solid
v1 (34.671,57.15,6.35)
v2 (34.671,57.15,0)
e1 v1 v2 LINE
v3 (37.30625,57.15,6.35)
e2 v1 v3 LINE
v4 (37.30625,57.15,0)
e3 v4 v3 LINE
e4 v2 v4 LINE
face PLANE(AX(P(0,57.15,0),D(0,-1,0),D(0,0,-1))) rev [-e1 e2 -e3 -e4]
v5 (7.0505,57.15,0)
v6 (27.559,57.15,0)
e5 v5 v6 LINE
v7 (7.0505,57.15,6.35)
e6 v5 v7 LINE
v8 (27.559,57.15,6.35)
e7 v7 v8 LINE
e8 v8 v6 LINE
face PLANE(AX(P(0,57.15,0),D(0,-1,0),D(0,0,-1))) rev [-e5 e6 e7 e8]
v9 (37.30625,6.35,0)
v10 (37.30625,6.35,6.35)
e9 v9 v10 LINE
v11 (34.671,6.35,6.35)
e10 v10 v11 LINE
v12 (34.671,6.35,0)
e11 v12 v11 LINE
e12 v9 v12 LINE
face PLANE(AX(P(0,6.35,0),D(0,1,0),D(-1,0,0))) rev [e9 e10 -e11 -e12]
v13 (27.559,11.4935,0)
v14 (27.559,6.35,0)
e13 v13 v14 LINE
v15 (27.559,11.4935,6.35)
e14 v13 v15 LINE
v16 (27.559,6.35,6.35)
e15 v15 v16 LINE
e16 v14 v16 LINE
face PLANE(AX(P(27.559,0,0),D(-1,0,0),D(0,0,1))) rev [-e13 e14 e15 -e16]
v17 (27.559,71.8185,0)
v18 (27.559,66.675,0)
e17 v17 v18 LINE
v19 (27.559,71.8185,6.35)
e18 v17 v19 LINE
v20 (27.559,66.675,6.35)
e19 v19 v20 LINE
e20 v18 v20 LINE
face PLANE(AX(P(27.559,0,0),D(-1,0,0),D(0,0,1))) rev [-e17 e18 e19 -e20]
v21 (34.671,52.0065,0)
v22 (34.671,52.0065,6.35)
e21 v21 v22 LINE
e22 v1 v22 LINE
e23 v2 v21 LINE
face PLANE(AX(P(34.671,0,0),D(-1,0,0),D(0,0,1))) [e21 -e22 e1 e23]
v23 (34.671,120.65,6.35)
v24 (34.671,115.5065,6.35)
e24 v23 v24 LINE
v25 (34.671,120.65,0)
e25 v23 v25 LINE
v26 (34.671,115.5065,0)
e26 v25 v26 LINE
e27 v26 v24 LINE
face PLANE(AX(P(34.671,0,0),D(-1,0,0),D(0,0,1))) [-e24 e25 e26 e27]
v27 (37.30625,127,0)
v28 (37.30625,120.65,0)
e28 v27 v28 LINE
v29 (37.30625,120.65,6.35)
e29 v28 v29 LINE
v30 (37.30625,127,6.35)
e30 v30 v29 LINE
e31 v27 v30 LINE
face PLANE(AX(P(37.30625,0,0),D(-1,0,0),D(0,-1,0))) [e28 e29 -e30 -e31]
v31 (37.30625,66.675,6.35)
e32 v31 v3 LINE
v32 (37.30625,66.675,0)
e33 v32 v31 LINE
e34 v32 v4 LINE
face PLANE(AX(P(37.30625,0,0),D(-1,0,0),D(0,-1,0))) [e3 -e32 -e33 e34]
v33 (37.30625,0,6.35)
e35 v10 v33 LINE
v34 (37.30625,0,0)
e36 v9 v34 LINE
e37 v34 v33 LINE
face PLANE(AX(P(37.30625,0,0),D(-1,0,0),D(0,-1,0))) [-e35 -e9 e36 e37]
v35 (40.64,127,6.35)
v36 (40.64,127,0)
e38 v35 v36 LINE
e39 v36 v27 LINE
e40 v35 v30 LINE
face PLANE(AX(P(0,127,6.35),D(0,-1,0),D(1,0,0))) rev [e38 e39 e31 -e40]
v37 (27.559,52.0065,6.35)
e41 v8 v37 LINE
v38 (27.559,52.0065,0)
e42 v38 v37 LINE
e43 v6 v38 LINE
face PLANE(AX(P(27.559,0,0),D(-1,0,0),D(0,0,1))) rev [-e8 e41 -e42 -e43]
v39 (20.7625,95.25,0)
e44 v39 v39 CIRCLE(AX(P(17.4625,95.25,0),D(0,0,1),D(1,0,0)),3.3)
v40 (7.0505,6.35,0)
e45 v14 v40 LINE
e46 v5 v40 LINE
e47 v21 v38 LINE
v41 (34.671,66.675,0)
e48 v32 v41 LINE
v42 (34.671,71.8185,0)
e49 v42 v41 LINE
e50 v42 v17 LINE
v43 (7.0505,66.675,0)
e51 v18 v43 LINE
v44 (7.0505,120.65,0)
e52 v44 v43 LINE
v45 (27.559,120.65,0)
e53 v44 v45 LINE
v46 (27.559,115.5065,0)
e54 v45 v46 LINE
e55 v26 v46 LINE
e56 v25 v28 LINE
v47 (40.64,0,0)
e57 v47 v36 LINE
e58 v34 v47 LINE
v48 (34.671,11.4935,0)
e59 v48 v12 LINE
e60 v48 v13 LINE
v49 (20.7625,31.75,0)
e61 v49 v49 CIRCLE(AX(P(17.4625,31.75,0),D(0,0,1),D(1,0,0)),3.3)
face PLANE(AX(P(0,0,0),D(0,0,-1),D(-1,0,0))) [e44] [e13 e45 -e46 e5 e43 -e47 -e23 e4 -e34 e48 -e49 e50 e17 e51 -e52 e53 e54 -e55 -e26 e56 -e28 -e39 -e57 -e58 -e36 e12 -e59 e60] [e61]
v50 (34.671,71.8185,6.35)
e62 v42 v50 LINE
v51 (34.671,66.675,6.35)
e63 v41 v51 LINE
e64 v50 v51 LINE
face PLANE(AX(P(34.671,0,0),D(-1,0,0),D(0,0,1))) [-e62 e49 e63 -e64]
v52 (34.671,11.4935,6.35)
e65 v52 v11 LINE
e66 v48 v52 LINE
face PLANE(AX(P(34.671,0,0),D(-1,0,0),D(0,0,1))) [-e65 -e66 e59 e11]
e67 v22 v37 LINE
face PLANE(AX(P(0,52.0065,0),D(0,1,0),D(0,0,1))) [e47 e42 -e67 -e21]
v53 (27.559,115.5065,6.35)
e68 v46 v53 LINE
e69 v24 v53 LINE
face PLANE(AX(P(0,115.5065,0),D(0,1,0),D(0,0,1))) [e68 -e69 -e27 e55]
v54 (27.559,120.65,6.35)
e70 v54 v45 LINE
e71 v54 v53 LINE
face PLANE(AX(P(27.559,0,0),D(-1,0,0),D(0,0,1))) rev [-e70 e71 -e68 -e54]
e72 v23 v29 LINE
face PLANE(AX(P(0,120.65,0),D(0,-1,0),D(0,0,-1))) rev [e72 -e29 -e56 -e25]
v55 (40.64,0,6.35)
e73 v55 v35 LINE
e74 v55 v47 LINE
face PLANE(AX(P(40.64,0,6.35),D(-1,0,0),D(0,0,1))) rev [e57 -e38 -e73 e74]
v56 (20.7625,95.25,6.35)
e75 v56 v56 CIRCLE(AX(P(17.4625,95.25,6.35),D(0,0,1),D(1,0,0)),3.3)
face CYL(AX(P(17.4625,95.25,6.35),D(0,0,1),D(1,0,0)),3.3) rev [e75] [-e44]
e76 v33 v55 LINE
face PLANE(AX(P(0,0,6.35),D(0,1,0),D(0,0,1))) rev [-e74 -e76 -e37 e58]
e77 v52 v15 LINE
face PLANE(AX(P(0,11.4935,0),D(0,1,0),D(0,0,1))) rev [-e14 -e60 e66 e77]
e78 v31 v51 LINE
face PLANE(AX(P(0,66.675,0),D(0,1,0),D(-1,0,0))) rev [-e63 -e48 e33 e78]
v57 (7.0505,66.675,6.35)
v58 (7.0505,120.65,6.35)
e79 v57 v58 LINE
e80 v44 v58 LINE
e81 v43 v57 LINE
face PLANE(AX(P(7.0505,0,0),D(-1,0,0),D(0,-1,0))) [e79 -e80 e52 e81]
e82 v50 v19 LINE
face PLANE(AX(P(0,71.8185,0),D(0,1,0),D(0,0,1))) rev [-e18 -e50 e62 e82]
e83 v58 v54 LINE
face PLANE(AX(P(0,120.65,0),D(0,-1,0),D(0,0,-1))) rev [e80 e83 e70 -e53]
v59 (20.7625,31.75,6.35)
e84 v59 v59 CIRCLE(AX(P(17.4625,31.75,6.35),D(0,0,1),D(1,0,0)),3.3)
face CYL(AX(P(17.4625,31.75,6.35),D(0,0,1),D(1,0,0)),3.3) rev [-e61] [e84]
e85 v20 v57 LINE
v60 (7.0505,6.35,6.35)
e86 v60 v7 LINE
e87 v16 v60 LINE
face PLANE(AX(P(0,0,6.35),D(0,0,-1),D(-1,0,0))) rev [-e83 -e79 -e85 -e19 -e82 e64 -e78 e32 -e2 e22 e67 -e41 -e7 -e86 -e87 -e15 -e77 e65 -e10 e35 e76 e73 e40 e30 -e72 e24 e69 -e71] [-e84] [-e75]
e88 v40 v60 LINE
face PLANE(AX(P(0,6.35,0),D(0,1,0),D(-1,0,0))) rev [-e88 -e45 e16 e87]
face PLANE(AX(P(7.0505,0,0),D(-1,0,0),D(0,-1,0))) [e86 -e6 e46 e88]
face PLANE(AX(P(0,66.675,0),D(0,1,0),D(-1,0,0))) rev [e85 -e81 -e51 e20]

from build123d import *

# Parameters (mm, degrees)
SKETCH2_W               = 40.64
SKETCH2_H               = 127
BOSS_EXTRUDE1_DEPTH     = 6.35
M6_CLEARANCE_HOLE1_D    = 6.6
SKETCH5_W               = 7.0505
SKETCH5_H               = 127
CUT_EXTRUDE1_DEPTH      = 1
CUT_EXTRUDE1_DEPTH_BACK = 7.35
SKETCH6_W               = 27.8745
SKETCH6_H               = 3.175
CUT_EXTRUDE2_DEPTH      = 7.35
SKETCH7_W               = 6.35
SKETCH7_H               = 4.7625
CUT_EXTRUDE3_DEPTH      = 7.35


with BuildPart() as part:
    # Sketch2 → Boss-Extrude1 (new body)
    with BuildSketch(Plane.XY):
        with Locations((20.32, 63.5)):
            Rectangle(SKETCH2_W, SKETCH2_H)
    extrude(amount=BOSS_EXTRUDE1_DEPTH)

    # M6 Clearance Hole1 (through all)
    with Locations(Plane.XY.offset(6.35)):
        with Locations((17.4625, 31.75), (17.4625, 95.25)):
            Hole(M6_CLEARANCE_HOLE1_D / 2)

    # Sketch5 → Cut-Extrude1 (cut, two sides)
    with BuildSketch(Plane.XY.offset(6.35)) as cut_extrude1_sk:
        with Locations((3.52525, 63.5)):
            Rectangle(SKETCH5_W, SKETCH5_H)
    extrude(amount=CUT_EXTRUDE1_DEPTH, mode=Mode.SUBTRACT)
    extrude(cut_extrude1_sk.sketch, amount=-CUT_EXTRUDE1_DEPTH_BACK, mode=Mode.SUBTRACT)

    # Sketch6 → Cut-Extrude2 (cut, through all)
    with BuildSketch(Plane.XY.offset(6.35)):
        Polygon((7.0505, 123.825), (7.0505, 120.65), (37.30625, 120.65), (37.30625, 127), (34.925, 127), (34.925, 123.825), align=None)
        with Locations((20.98775, 125.4125)):
            Rectangle(SKETCH6_W, SKETCH6_H)
        Polygon((37.30625, 66.675), (7.0505, 66.675), (7.0505, 63.5), (34.925, 63.5), (34.925, 60.325), (7.0505, 60.325), (7.0505, 57.15), (37.30625, 57.15), align=None)
        with Locations((20.98775, 61.9125)):
            Rectangle(SKETCH6_W, SKETCH6_H)
        Polygon((37.30625, 0), (37.30625, 6.35), (7.0505, 6.35), (7.0505, 3.175), (34.925, 3.175), (34.925, 0), align=None)
        with Locations((20.98775, 1.5875)):
            Rectangle(SKETCH6_W, SKETCH6_H)
    extrude(amount=-CUT_EXTRUDE2_DEPTH, mode=Mode.SUBTRACT)

    # Sketch7 → Cut-Extrude3 (cut, through all)
    with BuildSketch(Plane.XY.offset(6.35)):
        with Locations((31.115, 8.73125)):
            Rectangle(SKETCH7_W, SKETCH7_H)
        Polygon((27.94, 11.1125), (34.29, 11.1125), (34.29, 6.35), (34.671, 6.35), (34.671, 11.4935), (27.559, 11.4935), (27.559, 6.35), (27.94, 6.35), align=None)
        Polygon((34.671, 6.35), (34.29, 6.35), (27.94, 6.35), (27.559, 6.35), (27.559, 5.969), (34.671, 5.969), align=None)
        with Locations((31.115, 54.76875)):
            Rectangle(SKETCH7_W, SKETCH7_H)
        Polygon((34.671, 57.15), (34.29, 57.15), (34.29, 52.3875), (27.94, 52.3875), (27.94, 57.15), (27.559, 57.15), (27.559, 52.0065), (34.671, 52.0065), align=None)
        Polygon((27.94, 57.15), (34.29, 57.15), (34.671, 57.15), (34.671, 57.531), (27.559, 57.531), (27.559, 57.15), align=None)
        Polygon((34.671, 66.675), (34.29, 66.675), (27.94, 66.675), (27.559, 66.675), (27.559, 66.294), (34.671, 66.294), align=None)
        with Locations((31.115, 69.05625)):
            Rectangle(SKETCH7_W, SKETCH7_H)
        Polygon((27.94, 71.4375), (34.29, 71.4375), (34.29, 66.675), (34.671, 66.675), (34.671, 71.8185), (27.559, 71.8185), (27.559, 66.675), (27.94, 66.675), align=None)
        with Locations((31.115, 118.26875)):
            Rectangle(SKETCH7_W, SKETCH7_H)
        Polygon((27.559, 115.5065), (34.671, 115.5065), (34.671, 120.65), (34.29, 120.65), (34.29, 115.8875), (27.94, 115.8875), (27.94, 120.65), (27.559, 120.65), align=None)
        Polygon((34.29, 120.65), (34.671, 120.65), (34.671, 121.031), (27.559, 121.031), (27.559, 120.65), (27.94, 120.65), align=None)
    extrude(amount=-CUT_EXTRUDE3_DEPTH, mode=Mode.SUBTRACT)


solid = part.part
